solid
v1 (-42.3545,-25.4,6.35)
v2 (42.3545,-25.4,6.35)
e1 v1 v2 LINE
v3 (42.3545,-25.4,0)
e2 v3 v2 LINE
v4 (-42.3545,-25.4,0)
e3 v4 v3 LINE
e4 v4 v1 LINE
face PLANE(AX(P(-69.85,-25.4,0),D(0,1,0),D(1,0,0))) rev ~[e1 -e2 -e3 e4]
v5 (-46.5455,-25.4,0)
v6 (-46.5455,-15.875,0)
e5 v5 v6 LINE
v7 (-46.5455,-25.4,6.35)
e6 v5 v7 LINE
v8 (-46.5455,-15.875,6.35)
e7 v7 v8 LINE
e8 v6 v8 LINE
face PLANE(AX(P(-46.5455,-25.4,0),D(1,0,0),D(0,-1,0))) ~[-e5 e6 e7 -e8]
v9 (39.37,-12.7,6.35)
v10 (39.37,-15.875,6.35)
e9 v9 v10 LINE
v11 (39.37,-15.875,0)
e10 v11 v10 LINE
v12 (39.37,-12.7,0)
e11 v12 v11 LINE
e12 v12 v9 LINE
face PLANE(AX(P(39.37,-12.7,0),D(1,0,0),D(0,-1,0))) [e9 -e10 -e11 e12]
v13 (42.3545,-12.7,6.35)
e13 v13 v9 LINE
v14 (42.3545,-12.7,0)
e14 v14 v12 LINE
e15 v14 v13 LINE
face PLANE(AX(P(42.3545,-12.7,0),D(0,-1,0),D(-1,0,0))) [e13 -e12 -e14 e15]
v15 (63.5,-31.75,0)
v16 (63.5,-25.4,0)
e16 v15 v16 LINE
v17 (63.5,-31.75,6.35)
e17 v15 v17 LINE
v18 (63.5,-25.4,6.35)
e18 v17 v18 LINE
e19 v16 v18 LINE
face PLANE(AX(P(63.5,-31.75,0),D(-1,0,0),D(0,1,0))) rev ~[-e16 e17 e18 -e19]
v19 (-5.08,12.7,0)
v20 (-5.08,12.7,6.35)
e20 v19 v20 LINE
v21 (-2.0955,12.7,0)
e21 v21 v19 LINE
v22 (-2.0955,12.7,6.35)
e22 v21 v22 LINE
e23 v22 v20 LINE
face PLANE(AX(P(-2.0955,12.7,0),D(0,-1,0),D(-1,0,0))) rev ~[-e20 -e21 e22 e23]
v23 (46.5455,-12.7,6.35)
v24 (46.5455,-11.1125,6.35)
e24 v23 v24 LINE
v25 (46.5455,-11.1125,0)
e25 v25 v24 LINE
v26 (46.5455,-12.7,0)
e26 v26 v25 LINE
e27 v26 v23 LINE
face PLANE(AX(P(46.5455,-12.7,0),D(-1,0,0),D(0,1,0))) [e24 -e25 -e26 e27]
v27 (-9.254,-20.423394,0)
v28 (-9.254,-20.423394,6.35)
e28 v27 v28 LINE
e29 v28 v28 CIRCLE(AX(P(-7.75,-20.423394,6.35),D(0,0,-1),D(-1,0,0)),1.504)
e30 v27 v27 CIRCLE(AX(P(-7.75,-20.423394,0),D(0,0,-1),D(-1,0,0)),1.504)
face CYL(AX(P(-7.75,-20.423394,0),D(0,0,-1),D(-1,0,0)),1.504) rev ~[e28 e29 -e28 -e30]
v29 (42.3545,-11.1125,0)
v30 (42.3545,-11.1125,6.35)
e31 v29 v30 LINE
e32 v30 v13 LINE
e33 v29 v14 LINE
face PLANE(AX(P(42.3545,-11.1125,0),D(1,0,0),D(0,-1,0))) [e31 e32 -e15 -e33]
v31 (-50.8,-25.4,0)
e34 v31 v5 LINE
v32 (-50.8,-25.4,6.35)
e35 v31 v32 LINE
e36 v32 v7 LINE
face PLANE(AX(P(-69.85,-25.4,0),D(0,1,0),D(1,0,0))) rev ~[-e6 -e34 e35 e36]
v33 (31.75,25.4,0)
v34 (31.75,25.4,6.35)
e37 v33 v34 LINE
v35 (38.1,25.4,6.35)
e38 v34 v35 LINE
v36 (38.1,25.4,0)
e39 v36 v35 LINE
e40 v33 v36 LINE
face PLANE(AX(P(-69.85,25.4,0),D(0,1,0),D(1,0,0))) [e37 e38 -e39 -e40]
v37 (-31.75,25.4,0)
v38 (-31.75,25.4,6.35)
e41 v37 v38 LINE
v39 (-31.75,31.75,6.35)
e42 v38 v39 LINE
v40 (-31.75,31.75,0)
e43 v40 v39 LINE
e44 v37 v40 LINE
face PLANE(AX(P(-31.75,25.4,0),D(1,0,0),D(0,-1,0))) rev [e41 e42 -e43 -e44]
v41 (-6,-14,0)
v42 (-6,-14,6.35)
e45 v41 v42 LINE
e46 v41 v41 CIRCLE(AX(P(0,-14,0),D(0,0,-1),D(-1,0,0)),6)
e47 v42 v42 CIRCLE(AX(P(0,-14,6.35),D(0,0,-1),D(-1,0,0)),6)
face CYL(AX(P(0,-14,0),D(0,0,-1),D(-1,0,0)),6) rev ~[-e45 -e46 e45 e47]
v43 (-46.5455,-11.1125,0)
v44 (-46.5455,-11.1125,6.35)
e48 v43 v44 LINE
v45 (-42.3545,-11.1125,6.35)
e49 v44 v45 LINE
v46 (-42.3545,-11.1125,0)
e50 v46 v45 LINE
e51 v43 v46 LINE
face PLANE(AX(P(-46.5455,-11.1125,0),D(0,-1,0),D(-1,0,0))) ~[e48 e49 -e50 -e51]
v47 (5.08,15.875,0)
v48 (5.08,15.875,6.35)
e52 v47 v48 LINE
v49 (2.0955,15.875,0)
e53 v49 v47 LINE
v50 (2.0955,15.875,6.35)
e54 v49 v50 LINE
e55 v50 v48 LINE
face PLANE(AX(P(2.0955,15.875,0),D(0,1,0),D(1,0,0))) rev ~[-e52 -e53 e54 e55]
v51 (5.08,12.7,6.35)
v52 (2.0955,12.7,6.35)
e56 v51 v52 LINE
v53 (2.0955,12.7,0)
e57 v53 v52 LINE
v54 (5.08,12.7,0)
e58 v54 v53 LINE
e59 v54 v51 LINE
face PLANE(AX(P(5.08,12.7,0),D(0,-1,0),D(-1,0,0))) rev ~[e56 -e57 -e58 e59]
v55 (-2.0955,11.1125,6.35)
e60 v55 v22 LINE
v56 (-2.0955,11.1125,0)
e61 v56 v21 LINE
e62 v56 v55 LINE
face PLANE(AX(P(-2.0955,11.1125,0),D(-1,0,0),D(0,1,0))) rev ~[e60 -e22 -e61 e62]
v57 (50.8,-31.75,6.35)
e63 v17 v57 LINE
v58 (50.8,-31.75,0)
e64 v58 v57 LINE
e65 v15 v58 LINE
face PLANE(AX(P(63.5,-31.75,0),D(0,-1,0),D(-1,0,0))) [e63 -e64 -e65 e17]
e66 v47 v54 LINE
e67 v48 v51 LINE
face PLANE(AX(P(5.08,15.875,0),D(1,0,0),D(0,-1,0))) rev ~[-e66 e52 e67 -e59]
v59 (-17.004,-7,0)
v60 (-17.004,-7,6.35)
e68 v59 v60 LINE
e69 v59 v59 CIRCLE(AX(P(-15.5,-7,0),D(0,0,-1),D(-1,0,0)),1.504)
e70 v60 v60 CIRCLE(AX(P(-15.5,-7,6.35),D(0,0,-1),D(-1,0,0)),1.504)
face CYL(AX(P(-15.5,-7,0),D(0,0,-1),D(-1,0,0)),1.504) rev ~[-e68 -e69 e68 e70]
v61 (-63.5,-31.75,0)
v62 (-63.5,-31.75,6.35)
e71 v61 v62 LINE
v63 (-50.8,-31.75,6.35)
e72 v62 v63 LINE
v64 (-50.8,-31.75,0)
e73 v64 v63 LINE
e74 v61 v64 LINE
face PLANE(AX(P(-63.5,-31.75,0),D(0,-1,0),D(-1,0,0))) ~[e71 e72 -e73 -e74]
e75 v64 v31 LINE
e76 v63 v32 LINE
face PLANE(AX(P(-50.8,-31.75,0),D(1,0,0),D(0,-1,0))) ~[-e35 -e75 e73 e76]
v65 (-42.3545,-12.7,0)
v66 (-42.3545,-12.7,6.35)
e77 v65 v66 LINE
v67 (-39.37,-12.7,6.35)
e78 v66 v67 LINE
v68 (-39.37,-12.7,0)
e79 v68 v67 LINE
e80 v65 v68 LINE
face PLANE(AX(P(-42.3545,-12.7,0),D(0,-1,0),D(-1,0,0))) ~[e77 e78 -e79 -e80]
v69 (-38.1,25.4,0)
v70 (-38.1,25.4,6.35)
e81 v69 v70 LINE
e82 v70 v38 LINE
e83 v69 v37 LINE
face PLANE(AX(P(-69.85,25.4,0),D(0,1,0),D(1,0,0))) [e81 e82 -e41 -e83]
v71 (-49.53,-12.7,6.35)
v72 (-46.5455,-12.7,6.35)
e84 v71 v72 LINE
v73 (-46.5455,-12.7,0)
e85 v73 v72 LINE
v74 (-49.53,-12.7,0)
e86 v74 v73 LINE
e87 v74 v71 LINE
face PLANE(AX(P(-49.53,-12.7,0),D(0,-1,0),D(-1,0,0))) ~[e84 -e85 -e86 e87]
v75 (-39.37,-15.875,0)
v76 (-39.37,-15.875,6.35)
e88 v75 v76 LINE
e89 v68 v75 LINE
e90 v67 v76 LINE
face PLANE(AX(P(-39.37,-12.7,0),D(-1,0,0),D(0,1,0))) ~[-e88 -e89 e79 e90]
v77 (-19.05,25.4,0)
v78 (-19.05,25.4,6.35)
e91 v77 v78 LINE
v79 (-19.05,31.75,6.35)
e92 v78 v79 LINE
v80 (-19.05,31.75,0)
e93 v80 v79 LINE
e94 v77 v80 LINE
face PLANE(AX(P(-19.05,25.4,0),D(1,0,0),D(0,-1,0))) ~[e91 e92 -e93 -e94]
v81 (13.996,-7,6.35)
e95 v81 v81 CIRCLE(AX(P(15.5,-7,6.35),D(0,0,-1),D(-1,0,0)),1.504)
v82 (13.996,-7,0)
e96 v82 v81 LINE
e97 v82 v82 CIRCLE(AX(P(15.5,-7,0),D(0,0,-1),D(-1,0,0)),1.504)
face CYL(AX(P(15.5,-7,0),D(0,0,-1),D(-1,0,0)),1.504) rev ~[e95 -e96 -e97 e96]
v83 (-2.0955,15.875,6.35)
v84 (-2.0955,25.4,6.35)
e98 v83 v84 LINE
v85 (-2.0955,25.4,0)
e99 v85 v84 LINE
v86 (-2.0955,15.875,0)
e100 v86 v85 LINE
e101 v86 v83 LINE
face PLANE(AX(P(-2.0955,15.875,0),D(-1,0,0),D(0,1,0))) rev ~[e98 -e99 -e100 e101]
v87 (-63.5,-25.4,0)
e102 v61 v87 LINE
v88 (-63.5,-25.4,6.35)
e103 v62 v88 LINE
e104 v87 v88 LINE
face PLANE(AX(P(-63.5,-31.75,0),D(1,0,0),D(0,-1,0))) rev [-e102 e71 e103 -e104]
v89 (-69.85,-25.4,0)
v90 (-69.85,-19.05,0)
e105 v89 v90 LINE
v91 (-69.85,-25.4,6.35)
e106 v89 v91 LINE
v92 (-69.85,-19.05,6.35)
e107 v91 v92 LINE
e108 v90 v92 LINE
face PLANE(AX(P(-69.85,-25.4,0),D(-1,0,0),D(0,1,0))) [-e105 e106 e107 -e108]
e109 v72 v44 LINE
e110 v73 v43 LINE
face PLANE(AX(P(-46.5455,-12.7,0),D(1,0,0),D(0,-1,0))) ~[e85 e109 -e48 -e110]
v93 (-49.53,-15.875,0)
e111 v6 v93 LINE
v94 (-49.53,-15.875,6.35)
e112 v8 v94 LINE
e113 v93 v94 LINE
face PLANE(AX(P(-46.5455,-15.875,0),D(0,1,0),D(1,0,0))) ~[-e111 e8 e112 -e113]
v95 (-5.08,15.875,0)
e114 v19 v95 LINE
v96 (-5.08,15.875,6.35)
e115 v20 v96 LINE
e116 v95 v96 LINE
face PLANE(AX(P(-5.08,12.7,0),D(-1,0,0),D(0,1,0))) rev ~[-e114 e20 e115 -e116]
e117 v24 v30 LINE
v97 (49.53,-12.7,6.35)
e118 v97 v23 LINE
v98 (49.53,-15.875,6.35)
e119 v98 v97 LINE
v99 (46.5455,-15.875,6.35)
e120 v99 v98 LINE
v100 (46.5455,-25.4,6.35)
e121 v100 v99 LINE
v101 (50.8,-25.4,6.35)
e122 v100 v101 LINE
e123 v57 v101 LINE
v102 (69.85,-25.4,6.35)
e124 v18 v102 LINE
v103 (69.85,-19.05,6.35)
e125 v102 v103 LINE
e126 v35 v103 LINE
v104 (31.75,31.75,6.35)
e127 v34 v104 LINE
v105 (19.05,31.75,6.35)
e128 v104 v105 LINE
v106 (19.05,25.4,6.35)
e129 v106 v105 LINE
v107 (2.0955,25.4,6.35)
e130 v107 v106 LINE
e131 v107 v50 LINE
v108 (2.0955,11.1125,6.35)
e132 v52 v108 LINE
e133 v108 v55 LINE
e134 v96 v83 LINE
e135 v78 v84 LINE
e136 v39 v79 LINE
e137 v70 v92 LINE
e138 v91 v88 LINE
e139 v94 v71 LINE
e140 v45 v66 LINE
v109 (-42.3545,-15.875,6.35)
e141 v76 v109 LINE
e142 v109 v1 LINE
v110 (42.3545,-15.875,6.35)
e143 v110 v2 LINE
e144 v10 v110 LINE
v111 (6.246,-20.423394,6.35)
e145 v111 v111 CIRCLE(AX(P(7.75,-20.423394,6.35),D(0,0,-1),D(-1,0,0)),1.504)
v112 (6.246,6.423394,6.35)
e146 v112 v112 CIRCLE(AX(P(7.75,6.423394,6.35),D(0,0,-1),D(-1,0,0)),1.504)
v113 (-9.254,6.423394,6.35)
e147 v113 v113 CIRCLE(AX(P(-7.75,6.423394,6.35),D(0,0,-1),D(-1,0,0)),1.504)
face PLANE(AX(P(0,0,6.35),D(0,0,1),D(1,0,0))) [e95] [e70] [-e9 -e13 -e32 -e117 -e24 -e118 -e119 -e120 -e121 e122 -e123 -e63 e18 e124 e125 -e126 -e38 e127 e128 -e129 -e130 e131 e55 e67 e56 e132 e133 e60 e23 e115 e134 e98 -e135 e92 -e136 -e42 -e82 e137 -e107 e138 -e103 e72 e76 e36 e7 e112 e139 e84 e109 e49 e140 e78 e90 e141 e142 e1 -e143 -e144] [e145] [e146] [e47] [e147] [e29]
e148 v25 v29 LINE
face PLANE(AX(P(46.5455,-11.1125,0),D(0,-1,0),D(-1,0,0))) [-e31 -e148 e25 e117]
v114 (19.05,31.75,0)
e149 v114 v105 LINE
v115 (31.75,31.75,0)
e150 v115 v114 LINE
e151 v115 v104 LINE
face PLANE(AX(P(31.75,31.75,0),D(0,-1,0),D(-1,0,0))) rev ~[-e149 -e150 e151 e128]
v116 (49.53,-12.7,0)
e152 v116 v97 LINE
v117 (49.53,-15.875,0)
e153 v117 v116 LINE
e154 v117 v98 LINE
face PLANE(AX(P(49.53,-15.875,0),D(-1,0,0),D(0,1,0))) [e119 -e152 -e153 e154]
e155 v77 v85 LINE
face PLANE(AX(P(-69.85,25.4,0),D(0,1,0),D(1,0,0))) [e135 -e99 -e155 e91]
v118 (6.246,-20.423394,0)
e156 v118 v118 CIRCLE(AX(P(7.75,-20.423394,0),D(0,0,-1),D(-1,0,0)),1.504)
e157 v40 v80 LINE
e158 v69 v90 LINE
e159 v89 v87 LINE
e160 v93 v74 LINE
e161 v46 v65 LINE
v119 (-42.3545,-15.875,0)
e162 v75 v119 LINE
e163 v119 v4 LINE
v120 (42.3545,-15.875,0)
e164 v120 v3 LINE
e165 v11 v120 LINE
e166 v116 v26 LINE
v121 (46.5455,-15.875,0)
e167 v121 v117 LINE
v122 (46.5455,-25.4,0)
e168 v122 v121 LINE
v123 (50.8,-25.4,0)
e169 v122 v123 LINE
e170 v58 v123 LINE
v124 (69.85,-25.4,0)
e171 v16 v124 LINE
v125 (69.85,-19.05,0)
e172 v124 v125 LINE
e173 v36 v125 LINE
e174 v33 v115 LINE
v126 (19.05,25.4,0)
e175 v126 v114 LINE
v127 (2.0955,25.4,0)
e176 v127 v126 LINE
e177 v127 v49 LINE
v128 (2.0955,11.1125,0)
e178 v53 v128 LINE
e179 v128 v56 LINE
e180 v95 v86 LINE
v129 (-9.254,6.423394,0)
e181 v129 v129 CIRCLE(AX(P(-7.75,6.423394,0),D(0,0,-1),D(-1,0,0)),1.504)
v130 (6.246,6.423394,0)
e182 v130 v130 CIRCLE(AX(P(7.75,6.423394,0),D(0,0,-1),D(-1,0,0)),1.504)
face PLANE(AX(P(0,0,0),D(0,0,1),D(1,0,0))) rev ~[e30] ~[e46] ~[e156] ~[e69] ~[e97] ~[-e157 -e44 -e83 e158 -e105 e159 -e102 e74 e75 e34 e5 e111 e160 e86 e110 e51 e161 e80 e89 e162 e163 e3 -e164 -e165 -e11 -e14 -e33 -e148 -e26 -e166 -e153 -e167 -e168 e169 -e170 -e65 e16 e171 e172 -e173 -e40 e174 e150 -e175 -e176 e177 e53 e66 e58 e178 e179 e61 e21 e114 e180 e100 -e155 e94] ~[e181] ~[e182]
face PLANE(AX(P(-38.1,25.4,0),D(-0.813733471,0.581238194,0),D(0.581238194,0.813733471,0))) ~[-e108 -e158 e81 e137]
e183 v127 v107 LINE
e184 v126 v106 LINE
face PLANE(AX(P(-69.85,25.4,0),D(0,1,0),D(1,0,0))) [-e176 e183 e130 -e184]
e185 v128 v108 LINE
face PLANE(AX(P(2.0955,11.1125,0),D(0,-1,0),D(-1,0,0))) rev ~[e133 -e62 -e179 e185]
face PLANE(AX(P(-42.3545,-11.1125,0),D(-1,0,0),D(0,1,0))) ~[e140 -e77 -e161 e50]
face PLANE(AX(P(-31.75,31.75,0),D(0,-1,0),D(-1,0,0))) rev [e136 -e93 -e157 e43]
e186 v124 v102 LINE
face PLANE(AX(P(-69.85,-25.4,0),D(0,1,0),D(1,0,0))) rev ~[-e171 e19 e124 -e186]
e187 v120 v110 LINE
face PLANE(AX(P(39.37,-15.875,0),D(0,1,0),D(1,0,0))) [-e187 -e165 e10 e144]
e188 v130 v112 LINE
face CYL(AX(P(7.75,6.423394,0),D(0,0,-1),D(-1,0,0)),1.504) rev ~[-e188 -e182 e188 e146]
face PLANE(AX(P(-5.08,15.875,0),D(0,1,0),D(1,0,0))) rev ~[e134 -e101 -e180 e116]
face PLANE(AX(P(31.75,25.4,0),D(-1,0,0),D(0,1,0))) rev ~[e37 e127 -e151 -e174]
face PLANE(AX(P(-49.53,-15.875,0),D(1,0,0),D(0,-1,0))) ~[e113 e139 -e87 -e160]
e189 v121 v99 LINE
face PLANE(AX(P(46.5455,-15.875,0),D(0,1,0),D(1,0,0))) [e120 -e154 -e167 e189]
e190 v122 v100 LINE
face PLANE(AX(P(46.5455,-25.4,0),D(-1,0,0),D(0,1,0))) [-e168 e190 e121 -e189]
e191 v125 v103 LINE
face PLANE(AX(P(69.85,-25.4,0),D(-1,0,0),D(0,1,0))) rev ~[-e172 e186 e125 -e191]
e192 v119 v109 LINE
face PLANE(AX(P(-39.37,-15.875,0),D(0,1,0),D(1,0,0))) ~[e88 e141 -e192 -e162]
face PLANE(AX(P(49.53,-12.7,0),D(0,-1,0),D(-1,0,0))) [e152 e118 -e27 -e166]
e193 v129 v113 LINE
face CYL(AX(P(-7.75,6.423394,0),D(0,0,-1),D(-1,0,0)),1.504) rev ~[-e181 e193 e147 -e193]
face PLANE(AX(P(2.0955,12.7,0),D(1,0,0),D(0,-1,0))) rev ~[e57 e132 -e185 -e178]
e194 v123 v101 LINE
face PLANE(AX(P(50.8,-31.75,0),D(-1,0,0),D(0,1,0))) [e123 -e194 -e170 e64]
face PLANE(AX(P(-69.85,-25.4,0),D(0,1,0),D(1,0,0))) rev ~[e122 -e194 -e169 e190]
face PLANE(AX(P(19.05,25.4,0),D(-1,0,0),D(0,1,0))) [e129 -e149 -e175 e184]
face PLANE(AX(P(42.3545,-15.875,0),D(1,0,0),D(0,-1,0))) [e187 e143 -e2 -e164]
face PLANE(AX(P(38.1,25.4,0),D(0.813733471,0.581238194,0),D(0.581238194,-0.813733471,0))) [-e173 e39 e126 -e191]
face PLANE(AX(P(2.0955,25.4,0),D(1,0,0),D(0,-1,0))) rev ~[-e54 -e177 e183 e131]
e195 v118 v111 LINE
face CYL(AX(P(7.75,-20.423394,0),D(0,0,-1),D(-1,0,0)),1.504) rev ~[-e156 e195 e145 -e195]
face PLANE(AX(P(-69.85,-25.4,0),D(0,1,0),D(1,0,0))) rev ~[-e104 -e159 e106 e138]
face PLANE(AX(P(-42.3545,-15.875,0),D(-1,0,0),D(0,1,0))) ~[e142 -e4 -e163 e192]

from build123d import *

# Parameters (mm, degrees)
SKETCH1_W           = 139.7
SKETCH1_H           = 50.8
BOSS_EXTRUDE1_DEPTH = 6.35
SKETCH2_W           = 12.7
SKETCH2_H           = 6.35
BOSS_EXTRUDE2_DEPTH = 6.35
CUT_EXTRUDE1_DEPTH  = 6.35
CUT_EXTRUDE8_DEPTH  = 6.35
CUT_EXTRUDE2_DEPTH  = 6.35
SKETCH5_R           = 1.504
CUT_EXTRUDE6_DEPTH  = 6.35
SKETCH6_R           = 6
CUT_EXTRUDE7_DEPTH  = 6.35


with BuildPart() as part:
    # Sketch1 → Boss-Extrude1 (new body)
    with BuildSketch(Plane.XY):
        Rectangle(SKETCH1_W, SKETCH1_H)
    extrude(amount=BOSS_EXTRUDE1_DEPTH)

    # Sketch2 → Boss-Extrude2 (add)
    with BuildSketch(Plane(origin=(0, 0, 0), x_dir=(-1, 0, 0), z_dir=(0, 0, -1))):
        with Locations((-57.15, -28.575)):
            Rectangle(SKETCH2_W, SKETCH2_H)
        with Locations((-25.4, 28.575)):
            Rectangle(SKETCH2_W, SKETCH2_H)
    boss_extrude2 = extrude(amount=-BOSS_EXTRUDE2_DEPTH)

    # Sketch3 → Cut-Extrude1 (cut)
    with BuildSketch(Plane(origin=(0, 0, 0), x_dir=(-1, 0, 0), z_dir=(0, 0, -1))):
        Polygon((-46.5455, -25.4), (-46.5455, -15.875), (-49.53, -15.875), (-49.53, -12.7), (-46.5455, -12.7), (-46.5455, -11.1125), (-42.3545, -11.1125), (-42.3545, -12.7), (-39.37, -12.7), (-39.37, -15.875), (-42.3545, -15.875), (-42.3545, -25.4), align=None)
    cut_extrude1 = extrude(amount=-CUT_EXTRUDE1_DEPTH, mode=Mode.SUBTRACT)

    # Sketch7 → Cut-Extrude8 (cut)
    with BuildSketch(Plane(origin=(0, 0, 0), x_dir=(-1, 0, 0), z_dir=(0, 0, -1))):
        Polygon((-38.1, 25.4), (-69.85, -19.05), (-69.85, 25.4), align=None)
    cut_extrude8 = extrude(amount=-CUT_EXTRUDE8_DEPTH, mode=Mode.SUBTRACT)

    # Mirror2: Boss-Extrude2, Cut-Extrude8 across plane
    add(boss_extrude2.mirror(Plane(origin=(0, 0, 0), x_dir=(0, 0, 1), z_dir=(1, 0, 0))))
    add(cut_extrude8.mirror(Plane(origin=(0, 0, 0), x_dir=(0, 0, 1), z_dir=(1, 0, 0))), mode=Mode.SUBTRACT)

    # Mirror4: Cut-Extrude1 across plane
    add(cut_extrude1.mirror(Plane(origin=(0, 0, 0), x_dir=(0, 0, 1), z_dir=(1, 0, 0))), mode=Mode.SUBTRACT)

    # Sketch4 → Cut-Extrude2 (cut)
    with BuildSketch(Plane(origin=(0, 0, 0), x_dir=(-1, 0, 0), z_dir=(0, 0, -1))):
        Polygon((2.0955, 25.4), (-2.0955, 25.4), (-2.0955, 15.875), (-5.08, 15.875), (-5.08, 12.7), (-2.0955, 12.7), (-2.0955, 11.1125), (2.0955, 11.1125), (2.0955, 12.7), (5.08, 12.7), (5.08, 15.875), (2.0955, 15.875), align=None)
    extrude(amount=-CUT_EXTRUDE2_DEPTH, mode=Mode.SUBTRACT)

    # Sketch5 → Cut-Extrude6 (cut)
    with BuildSketch(Plane(origin=(0, 0, 0), x_dir=(-1, 0, 0), z_dir=(0, 0, -1))):
        with Locations((-7.75, 6.423393759)):
            Circle(SKETCH5_R)
        with Locations((-15.5, -7)):
            Circle(SKETCH5_R)
        with Locations((-7.75, -20.423393759)):
            Circle(SKETCH5_R)
        with Locations((7.75, -20.423393759)):
            Circle(SKETCH5_R)
        with Locations((15.5, -7)):
            Circle(SKETCH5_R)
        with Locations((7.75, 6.423393759)):
            Circle(SKETCH5_R)
    extrude(amount=-CUT_EXTRUDE6_DEPTH, mode=Mode.SUBTRACT)

    # Sketch6 → Cut-Extrude7 (cut)
    with BuildSketch(Plane(origin=(0, 0, 0), x_dir=(-1, 0, 0), z_dir=(0, 0, -1))):
        with Locations((0, -14)):
            Circle(SKETCH6_R)
    extrude(amount=-CUT_EXTRUDE7_DEPTH, mode=Mode.SUBTRACT)


solid = part.part
